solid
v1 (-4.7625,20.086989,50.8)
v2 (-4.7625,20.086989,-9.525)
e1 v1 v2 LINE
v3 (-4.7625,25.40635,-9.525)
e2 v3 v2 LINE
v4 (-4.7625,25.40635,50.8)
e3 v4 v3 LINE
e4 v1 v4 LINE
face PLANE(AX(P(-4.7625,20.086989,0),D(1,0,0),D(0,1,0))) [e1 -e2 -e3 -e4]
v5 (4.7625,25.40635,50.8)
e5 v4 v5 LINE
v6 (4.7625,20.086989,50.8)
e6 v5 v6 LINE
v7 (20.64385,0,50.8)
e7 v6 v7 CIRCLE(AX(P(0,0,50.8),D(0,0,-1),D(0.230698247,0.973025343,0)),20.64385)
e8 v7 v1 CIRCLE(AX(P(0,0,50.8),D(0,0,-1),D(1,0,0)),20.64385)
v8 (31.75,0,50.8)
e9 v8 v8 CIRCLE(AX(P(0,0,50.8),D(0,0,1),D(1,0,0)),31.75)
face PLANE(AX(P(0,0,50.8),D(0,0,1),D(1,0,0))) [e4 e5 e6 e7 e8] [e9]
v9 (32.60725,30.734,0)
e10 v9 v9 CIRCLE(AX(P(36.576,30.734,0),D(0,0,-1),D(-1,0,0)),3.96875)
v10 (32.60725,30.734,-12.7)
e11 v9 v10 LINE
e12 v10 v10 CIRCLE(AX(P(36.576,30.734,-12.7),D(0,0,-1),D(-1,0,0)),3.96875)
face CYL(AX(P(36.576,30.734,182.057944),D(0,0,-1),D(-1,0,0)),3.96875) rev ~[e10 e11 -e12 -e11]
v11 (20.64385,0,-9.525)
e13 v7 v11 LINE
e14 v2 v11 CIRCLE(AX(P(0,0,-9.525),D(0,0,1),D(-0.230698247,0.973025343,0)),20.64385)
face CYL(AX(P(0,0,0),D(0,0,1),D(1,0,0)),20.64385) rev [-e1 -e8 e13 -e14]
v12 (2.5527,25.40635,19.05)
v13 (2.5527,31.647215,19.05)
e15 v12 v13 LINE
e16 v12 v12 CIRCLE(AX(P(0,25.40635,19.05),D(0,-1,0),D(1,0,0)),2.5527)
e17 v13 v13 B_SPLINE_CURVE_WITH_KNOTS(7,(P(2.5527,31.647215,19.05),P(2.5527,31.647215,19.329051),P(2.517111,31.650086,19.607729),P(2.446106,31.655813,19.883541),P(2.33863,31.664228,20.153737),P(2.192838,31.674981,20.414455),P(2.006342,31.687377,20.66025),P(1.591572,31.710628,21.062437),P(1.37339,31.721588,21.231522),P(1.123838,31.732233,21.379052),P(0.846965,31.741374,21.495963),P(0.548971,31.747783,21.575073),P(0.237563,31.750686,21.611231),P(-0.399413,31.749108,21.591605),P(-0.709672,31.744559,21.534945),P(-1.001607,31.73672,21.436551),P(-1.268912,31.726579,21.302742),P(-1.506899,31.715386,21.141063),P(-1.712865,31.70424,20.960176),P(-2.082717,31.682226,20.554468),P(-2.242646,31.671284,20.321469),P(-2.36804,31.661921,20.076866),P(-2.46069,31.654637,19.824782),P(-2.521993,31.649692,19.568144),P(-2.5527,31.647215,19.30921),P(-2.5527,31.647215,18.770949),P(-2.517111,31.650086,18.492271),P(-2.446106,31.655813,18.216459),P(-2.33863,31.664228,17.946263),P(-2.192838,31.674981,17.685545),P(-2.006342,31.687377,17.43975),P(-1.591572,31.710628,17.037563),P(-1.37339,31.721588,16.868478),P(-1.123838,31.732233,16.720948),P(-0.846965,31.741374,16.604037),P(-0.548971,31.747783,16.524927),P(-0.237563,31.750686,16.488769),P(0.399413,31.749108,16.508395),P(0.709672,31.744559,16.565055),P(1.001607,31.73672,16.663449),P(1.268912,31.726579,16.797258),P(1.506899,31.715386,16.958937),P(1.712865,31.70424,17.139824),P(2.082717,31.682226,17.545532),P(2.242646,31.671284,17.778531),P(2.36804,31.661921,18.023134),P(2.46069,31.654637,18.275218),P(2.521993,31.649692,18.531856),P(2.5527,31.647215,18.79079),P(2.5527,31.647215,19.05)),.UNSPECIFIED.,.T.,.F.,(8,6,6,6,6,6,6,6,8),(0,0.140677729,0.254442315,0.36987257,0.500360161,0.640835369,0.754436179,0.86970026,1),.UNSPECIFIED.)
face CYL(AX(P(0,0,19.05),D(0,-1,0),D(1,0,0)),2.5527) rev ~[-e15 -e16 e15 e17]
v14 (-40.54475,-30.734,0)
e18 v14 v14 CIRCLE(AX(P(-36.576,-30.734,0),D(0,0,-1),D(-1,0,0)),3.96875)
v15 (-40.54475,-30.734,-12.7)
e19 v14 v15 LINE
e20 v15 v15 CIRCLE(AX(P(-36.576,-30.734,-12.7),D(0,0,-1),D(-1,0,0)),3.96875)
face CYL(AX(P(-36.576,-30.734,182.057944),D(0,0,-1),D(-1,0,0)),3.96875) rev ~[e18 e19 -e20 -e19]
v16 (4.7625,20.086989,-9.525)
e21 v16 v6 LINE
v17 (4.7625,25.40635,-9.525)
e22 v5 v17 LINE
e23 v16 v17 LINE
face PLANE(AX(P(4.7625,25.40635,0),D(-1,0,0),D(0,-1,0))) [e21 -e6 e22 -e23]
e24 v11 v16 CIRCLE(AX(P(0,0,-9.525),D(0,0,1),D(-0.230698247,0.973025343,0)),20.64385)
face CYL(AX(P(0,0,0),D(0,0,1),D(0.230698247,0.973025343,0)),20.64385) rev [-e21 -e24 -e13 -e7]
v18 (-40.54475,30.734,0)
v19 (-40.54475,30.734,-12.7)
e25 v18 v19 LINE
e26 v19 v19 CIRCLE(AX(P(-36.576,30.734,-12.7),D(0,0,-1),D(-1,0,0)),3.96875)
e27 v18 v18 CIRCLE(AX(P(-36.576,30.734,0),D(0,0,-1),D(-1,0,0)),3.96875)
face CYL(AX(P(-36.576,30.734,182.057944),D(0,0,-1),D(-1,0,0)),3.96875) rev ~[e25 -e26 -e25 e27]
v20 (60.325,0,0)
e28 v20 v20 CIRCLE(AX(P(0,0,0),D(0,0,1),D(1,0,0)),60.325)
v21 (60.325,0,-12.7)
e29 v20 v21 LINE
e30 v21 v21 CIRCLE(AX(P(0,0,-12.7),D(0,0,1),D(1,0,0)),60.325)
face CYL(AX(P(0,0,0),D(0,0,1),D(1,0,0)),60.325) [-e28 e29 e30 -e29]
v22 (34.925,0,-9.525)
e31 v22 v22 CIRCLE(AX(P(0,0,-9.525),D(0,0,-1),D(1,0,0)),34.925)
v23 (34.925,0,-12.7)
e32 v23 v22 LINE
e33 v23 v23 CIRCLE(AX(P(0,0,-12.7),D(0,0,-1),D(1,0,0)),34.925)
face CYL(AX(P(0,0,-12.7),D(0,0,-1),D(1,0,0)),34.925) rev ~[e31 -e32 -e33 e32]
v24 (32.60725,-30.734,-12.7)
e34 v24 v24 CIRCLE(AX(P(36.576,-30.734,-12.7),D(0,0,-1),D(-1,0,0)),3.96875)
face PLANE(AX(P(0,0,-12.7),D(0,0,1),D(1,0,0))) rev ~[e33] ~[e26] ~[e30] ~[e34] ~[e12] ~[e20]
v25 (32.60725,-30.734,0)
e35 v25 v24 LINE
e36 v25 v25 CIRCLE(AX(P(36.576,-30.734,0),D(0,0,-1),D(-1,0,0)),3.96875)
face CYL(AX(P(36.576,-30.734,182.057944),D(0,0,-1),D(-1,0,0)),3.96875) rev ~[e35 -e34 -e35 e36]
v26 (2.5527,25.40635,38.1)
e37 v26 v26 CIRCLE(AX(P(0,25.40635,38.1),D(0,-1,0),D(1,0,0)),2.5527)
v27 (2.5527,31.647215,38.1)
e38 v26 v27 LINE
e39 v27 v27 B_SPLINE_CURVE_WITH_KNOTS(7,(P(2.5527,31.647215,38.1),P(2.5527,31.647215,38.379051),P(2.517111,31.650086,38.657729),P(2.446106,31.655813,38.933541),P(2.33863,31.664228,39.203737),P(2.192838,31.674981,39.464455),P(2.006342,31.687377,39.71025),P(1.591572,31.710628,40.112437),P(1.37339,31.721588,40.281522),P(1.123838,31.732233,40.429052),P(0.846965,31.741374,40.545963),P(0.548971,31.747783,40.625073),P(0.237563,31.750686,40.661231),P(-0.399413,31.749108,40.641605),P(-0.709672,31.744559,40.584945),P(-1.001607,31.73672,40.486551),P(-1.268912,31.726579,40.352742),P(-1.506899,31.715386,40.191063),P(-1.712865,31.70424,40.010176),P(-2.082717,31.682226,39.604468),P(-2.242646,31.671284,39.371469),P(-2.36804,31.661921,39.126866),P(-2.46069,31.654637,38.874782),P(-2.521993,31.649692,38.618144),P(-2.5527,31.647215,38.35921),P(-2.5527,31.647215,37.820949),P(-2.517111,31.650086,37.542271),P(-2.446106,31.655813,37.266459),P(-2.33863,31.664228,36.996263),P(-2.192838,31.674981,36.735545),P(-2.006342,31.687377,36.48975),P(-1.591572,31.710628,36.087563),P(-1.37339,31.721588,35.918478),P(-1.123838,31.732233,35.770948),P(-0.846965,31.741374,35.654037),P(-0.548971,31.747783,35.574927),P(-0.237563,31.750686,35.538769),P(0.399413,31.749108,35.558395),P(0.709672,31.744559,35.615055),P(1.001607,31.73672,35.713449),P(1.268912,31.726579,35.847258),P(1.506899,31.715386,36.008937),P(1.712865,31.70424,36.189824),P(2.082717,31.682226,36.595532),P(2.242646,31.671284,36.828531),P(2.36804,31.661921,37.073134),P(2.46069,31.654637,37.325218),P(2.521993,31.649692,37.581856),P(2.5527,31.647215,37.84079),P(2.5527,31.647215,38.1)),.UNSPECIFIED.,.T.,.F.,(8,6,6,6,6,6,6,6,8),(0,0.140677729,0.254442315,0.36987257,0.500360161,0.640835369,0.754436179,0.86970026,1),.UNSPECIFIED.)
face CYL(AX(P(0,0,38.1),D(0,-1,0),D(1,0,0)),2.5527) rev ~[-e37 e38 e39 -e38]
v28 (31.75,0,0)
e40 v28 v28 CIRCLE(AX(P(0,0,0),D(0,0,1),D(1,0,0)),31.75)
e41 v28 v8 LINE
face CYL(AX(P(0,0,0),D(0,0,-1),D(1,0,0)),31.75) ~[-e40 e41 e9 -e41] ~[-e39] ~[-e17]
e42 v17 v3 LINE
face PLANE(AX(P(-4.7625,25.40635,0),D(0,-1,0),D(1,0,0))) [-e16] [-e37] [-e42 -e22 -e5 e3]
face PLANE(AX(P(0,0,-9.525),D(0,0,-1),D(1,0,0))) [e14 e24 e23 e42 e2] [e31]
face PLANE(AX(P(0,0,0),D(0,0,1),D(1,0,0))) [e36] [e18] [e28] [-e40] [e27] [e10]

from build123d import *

# Parameters (mm, degrees)
F0_R     = 31.75
F1_DEPTH = 50.8
F0_R_2   = 60.325
F2_DEPTH = 12.7
F4_D     = 5.1054
F4_DEPTH = 60.326
F5_R     = 34.925
F6_DEPTH = 3.175
F7_D     = 7.9375


with BuildPart() as f1:
    # F0 (on Top) → F1 (new body)
    with BuildSketch(Plane.XY):
        Circle(F0_R)
        with BuildLine():
            ThreePointArc((4.7625, 20.0869892361), (16.1939012972, 12.80336298), (20.64385, 0))
            ThreePointArc((20.64385, 0), (-12.80336298, -16.1939012972), (-4.7625, 20.0869892361))
            Line((-4.7625, 20.0869892361), (-4.7625, 25.40635))
            Line((-4.7625, 25.40635), (4.7625, 25.40635))
            Line((4.7625, 25.40635), (4.7625, 20.0869892361))
        make_face(mode=Mode.SUBTRACT)
    extrude(amount=F1_DEPTH)

    # F0 (on Top) → F2 (join)
    with BuildSketch(Plane.XY):
        Circle(F0_R_2)
        Circle(F0_R, mode=Mode.SUBTRACT)
        Circle(F0_R)
        with BuildLine():
            ThreePointArc((4.7625, 20.0869892361), (16.1939012972, 12.80336298), (20.64385, 0))
            ThreePointArc((20.64385, 0), (-12.80336298, -16.1939012972), (-4.7625, 20.0869892361))
            Line((-4.7625, 20.0869892361), (-4.7625, 25.40635))
            Line((-4.7625, 25.40635), (4.7625, 25.40635))
            Line((4.7625, 25.40635), (4.7625, 20.0869892361))
        make_face(mode=Mode.SUBTRACT)
    extrude(amount=-F2_DEPTH)

    # F4 (through all, one way)
    with BuildSketch(Plane.XZ):
        with Locations((0, 38.1), (0, 19.05)):
            Circle(F4_D / 2)
    extrude(amount=-F4_DEPTH, mode=Mode.SUBTRACT)

    # F5 (on face) → F6 (cut)
    with BuildSketch(Plane(origin=(0, 0, -12.7), x_dir=(1, 0, 0), z_dir=(0, 0, -1))):
        Circle(F5_R)
        with BuildLine():
            ThreePointArc((-4.7625, -20.0869892361), (0, 20.64385), (4.7625, -20.0869892361))
            Line((4.7625, -20.0869892361), (4.7625, -25.40635))
            Line((4.7625, -25.40635), (-4.7625, -25.40635))
            Line((-4.7625, -25.40635), (-4.7625, -20.0869892361))
        make_face(mode=Mode.SUBTRACT)
    extrude(amount=-F6_DEPTH, mode=Mode.SUBTRACT)

    # F7 (through all)
    with Locations(Plane.XY):
        with Locations((-36.576, -30.734), (36.576, -30.734), (36.576, 30.734), (-36.576, 30.734)):
            Hole(F7_D / 2)


solid = f1.part
